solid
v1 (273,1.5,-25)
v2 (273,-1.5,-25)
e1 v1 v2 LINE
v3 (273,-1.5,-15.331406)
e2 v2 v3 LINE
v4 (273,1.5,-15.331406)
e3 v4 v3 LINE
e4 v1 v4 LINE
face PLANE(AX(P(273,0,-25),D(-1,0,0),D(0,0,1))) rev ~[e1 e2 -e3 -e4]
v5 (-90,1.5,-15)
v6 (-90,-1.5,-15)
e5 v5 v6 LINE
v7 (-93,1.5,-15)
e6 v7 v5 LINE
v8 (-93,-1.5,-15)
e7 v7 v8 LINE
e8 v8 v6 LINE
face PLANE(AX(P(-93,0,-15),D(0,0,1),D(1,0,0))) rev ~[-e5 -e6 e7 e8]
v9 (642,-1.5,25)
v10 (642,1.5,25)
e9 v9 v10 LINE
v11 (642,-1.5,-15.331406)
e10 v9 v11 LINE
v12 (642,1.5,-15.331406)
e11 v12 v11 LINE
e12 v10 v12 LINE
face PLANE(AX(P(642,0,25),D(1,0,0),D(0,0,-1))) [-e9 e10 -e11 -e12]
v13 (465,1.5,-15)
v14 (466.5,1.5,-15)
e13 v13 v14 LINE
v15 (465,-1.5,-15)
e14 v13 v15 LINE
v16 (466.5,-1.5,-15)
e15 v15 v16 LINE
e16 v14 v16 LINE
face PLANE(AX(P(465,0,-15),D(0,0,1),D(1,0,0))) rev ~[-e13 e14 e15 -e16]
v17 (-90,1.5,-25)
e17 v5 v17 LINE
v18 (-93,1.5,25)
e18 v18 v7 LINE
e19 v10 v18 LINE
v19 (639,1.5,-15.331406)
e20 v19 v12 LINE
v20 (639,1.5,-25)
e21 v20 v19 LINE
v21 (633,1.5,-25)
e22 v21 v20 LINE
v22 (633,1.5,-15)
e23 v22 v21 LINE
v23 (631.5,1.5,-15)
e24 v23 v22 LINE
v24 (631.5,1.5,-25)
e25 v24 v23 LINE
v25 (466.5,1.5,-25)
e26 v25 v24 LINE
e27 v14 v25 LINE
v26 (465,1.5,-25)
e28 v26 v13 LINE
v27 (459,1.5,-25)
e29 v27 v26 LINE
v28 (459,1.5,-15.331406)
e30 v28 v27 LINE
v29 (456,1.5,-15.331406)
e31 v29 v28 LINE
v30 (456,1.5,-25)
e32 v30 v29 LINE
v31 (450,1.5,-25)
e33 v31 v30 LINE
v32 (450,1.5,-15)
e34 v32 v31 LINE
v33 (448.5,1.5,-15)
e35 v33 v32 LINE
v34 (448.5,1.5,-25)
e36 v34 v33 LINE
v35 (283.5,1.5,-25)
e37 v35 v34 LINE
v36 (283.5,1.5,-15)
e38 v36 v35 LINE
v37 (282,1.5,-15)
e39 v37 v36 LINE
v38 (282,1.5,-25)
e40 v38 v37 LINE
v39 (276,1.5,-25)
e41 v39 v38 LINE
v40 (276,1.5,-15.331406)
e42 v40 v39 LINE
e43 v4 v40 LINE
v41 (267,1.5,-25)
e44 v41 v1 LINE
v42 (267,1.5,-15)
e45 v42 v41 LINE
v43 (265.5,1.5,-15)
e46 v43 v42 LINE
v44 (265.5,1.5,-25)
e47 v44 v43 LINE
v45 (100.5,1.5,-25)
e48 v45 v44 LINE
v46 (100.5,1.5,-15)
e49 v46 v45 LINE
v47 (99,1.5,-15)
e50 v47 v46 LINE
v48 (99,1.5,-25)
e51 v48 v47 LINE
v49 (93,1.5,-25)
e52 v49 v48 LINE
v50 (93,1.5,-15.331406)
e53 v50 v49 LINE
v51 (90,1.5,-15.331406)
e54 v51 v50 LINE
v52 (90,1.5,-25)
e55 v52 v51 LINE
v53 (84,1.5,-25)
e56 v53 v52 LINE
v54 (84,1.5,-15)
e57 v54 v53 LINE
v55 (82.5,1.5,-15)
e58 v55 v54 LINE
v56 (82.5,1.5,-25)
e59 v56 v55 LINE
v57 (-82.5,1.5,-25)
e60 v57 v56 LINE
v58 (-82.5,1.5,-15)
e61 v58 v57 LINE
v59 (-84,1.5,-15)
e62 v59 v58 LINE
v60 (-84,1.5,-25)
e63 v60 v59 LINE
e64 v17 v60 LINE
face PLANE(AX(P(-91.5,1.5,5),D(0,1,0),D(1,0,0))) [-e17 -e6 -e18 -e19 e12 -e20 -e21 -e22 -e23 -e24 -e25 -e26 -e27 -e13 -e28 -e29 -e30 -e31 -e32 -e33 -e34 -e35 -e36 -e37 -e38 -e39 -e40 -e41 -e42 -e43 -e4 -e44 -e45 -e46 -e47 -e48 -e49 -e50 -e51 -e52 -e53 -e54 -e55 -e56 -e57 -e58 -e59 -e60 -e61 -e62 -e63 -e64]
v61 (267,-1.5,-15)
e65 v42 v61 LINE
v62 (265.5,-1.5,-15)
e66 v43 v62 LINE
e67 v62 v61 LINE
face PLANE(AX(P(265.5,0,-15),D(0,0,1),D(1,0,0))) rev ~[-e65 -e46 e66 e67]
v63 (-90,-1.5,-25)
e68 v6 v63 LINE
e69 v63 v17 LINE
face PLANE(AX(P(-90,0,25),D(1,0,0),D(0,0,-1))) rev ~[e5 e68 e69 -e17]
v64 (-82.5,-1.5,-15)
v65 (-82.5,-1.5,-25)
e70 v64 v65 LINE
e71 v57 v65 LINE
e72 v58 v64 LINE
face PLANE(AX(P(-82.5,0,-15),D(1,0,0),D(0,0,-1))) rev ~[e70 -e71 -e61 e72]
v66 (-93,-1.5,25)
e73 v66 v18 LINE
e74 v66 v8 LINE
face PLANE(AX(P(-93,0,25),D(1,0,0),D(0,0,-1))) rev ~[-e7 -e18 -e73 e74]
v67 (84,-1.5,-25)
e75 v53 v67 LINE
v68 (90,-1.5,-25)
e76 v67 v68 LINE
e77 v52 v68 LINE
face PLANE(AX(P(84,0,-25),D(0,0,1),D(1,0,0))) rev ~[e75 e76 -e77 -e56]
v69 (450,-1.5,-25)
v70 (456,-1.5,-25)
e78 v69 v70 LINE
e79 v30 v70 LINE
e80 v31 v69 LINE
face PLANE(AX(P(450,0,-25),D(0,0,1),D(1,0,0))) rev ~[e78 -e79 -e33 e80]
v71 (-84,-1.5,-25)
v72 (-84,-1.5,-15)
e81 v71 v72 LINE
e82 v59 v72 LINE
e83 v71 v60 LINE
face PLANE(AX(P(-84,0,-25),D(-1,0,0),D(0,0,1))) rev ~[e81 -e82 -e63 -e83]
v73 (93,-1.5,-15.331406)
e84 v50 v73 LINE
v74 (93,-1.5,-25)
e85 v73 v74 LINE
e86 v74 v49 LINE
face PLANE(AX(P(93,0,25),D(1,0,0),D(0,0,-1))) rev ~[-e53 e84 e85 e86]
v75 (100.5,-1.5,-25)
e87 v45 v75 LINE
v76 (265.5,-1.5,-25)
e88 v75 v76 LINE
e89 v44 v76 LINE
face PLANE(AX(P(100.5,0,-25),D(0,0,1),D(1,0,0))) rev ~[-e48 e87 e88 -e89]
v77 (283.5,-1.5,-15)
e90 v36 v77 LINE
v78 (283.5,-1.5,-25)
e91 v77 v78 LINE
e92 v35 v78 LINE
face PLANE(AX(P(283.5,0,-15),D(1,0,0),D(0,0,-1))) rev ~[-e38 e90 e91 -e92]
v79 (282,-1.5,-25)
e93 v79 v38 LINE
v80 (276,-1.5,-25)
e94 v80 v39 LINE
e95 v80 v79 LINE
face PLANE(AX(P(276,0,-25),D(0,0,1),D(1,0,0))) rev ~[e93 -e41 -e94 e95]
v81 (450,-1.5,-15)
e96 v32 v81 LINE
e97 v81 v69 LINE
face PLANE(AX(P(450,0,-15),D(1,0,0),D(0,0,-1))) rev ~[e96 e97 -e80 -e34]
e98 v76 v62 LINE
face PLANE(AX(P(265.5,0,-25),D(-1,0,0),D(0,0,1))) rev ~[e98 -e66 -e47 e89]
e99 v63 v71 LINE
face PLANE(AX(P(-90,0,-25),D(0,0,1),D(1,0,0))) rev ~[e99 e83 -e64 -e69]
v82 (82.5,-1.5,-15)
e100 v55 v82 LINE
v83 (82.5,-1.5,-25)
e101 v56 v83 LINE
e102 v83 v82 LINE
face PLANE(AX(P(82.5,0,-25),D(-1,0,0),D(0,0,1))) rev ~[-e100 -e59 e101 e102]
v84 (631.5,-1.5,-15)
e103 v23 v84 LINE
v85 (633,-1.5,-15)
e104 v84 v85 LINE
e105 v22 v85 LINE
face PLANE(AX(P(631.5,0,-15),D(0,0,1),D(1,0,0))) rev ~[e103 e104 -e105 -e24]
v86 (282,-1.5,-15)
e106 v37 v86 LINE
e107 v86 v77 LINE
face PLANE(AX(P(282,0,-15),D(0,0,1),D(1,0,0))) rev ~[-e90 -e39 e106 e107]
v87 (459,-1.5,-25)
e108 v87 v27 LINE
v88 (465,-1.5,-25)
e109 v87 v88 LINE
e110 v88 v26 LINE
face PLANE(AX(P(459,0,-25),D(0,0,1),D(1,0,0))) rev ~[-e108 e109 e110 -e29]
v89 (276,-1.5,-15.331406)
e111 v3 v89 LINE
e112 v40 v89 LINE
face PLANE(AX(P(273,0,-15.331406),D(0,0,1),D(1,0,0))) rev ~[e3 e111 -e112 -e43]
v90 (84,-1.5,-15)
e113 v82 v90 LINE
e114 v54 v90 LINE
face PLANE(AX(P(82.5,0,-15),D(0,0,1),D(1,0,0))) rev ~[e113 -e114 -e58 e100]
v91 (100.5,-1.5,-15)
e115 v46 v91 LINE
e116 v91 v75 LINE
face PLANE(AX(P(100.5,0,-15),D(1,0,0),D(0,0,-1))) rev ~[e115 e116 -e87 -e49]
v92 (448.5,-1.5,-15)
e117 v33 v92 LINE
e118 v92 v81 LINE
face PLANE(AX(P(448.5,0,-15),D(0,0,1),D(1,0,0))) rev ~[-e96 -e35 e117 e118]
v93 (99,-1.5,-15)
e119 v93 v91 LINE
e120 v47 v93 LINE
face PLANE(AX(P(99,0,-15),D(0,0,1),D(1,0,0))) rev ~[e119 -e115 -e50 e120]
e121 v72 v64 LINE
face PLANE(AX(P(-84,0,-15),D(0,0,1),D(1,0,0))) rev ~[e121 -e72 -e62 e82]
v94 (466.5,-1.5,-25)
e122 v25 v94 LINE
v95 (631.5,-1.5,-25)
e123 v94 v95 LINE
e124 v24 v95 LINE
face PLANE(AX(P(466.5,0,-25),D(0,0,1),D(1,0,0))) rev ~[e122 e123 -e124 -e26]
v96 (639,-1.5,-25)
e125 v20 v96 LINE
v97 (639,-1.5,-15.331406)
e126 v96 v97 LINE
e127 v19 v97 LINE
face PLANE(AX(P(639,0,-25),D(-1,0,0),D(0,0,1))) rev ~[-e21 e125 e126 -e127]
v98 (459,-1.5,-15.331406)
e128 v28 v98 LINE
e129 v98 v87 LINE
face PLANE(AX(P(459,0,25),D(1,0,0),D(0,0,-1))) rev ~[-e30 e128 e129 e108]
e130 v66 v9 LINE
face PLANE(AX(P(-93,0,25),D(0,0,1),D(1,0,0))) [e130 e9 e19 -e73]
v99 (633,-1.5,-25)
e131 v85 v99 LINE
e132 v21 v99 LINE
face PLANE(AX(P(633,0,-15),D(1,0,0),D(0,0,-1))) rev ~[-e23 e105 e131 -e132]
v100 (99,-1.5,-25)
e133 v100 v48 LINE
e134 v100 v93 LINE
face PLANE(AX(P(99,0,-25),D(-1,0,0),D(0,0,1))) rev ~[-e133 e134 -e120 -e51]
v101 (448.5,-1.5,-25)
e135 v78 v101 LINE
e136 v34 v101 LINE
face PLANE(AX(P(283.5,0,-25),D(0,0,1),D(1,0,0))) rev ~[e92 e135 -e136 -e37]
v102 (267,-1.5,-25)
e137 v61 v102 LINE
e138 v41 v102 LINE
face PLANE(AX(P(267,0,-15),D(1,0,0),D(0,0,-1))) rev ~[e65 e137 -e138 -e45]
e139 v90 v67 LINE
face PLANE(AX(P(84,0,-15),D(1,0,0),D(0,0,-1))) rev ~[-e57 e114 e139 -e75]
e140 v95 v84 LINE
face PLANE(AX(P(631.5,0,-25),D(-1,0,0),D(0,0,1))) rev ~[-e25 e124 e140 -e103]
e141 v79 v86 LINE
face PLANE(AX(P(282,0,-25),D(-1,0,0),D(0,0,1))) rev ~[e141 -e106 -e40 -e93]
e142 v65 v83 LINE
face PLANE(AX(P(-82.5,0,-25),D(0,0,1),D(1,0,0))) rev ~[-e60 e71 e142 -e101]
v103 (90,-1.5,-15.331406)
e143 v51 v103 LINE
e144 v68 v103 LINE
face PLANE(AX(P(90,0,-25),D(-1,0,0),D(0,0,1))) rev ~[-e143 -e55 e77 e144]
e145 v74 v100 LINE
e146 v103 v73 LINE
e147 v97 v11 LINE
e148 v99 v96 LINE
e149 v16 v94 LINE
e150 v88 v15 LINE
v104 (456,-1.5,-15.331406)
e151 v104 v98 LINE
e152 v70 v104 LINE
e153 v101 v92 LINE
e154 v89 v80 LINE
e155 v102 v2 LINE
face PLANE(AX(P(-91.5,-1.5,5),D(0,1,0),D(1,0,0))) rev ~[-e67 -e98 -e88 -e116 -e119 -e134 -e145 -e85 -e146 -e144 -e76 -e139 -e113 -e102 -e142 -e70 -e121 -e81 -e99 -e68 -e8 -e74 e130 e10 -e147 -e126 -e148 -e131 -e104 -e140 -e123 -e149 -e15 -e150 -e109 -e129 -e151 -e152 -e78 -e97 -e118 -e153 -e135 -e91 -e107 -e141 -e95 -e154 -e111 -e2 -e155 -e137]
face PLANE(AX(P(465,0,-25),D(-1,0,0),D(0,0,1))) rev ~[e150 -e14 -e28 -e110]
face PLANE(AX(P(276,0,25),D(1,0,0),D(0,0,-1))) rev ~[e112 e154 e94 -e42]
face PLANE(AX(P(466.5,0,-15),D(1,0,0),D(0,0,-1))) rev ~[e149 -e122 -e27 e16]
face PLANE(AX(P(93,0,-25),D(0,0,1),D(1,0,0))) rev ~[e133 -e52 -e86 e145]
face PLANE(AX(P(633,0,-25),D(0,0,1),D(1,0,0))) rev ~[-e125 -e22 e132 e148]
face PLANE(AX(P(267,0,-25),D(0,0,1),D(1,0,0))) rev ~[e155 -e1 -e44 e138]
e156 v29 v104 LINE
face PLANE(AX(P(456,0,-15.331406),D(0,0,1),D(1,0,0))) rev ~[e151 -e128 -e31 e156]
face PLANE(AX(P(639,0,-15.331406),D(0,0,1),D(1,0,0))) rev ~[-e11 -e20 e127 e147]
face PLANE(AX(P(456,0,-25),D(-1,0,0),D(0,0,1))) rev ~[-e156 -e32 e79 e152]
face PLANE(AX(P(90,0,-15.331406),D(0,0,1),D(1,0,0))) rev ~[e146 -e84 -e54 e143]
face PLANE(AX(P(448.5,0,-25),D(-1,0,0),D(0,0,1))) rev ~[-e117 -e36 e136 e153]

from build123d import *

# Parameters (mm, degrees)
BOSS_EXTRUDE1_DEPTH = 1.5
SKETCH2_W           = 3
SKETCH2_H           = 40.331406252
BOSS_EXTRUDE2_DEPTH = 1.5
LPATTERN2_COUNT     = 4
LPATTERN2_PITCH     = 183
SKETCH3_W           = 3
SKETCH3_H           = 40
BOSS_EXTRUDE3_DEPTH = 1.5


with BuildPart() as part:
    # Sketch1 → Boss-Extrude1 (new body, symmetric)
    with BuildSketch(Plane(origin=(0, 0, 0), x_dir=(1, 0, 0), z_dir=(0, 1, 0))):
        Polygon((-84, 25), (-84, 15), (-82.5, 15), (-82.5, 25), (82.5, 25), (82.5, 15), (84, 15), (84, 25), (90, 25), (90, -25), (-90, -25), (-90, 25), align=None)
    boss_extrude1 = extrude(amount=BOSS_EXTRUDE1_DEPTH, both=True)

    # Sketch2 → Boss-Extrude2 (add, symmetric)
    with BuildSketch(Plane(origin=(0, 0, 0), x_dir=(1, 0, 0), z_dir=(0, 1, 0))):
        with Locations((91.5, -4.834296874)):
            Rectangle(SKETCH2_W, SKETCH2_H)
    boss_extrude2 = extrude(amount=BOSS_EXTRUDE2_DEPTH, both=True)

    # LPattern2: Boss-Extrude1, Boss-Extrude2 ×4
    with Locations(*[(i * LPATTERN2_PITCH, 0, 0) for i in range(1, LPATTERN2_COUNT)]):
        add(boss_extrude1)
        add(boss_extrude2)

    # Sketch3 → Boss-Extrude3 (add, symmetric)
    with BuildSketch(Plane(origin=(0, 0, 0), x_dir=(1, 0, 0), z_dir=(0, 1, 0))):
        with Locations((-91.5, -5)):
            Rectangle(SKETCH3_W, SKETCH3_H)
    extrude(amount=BOSS_EXTRUDE3_DEPTH, both=True)


solid = part.part
